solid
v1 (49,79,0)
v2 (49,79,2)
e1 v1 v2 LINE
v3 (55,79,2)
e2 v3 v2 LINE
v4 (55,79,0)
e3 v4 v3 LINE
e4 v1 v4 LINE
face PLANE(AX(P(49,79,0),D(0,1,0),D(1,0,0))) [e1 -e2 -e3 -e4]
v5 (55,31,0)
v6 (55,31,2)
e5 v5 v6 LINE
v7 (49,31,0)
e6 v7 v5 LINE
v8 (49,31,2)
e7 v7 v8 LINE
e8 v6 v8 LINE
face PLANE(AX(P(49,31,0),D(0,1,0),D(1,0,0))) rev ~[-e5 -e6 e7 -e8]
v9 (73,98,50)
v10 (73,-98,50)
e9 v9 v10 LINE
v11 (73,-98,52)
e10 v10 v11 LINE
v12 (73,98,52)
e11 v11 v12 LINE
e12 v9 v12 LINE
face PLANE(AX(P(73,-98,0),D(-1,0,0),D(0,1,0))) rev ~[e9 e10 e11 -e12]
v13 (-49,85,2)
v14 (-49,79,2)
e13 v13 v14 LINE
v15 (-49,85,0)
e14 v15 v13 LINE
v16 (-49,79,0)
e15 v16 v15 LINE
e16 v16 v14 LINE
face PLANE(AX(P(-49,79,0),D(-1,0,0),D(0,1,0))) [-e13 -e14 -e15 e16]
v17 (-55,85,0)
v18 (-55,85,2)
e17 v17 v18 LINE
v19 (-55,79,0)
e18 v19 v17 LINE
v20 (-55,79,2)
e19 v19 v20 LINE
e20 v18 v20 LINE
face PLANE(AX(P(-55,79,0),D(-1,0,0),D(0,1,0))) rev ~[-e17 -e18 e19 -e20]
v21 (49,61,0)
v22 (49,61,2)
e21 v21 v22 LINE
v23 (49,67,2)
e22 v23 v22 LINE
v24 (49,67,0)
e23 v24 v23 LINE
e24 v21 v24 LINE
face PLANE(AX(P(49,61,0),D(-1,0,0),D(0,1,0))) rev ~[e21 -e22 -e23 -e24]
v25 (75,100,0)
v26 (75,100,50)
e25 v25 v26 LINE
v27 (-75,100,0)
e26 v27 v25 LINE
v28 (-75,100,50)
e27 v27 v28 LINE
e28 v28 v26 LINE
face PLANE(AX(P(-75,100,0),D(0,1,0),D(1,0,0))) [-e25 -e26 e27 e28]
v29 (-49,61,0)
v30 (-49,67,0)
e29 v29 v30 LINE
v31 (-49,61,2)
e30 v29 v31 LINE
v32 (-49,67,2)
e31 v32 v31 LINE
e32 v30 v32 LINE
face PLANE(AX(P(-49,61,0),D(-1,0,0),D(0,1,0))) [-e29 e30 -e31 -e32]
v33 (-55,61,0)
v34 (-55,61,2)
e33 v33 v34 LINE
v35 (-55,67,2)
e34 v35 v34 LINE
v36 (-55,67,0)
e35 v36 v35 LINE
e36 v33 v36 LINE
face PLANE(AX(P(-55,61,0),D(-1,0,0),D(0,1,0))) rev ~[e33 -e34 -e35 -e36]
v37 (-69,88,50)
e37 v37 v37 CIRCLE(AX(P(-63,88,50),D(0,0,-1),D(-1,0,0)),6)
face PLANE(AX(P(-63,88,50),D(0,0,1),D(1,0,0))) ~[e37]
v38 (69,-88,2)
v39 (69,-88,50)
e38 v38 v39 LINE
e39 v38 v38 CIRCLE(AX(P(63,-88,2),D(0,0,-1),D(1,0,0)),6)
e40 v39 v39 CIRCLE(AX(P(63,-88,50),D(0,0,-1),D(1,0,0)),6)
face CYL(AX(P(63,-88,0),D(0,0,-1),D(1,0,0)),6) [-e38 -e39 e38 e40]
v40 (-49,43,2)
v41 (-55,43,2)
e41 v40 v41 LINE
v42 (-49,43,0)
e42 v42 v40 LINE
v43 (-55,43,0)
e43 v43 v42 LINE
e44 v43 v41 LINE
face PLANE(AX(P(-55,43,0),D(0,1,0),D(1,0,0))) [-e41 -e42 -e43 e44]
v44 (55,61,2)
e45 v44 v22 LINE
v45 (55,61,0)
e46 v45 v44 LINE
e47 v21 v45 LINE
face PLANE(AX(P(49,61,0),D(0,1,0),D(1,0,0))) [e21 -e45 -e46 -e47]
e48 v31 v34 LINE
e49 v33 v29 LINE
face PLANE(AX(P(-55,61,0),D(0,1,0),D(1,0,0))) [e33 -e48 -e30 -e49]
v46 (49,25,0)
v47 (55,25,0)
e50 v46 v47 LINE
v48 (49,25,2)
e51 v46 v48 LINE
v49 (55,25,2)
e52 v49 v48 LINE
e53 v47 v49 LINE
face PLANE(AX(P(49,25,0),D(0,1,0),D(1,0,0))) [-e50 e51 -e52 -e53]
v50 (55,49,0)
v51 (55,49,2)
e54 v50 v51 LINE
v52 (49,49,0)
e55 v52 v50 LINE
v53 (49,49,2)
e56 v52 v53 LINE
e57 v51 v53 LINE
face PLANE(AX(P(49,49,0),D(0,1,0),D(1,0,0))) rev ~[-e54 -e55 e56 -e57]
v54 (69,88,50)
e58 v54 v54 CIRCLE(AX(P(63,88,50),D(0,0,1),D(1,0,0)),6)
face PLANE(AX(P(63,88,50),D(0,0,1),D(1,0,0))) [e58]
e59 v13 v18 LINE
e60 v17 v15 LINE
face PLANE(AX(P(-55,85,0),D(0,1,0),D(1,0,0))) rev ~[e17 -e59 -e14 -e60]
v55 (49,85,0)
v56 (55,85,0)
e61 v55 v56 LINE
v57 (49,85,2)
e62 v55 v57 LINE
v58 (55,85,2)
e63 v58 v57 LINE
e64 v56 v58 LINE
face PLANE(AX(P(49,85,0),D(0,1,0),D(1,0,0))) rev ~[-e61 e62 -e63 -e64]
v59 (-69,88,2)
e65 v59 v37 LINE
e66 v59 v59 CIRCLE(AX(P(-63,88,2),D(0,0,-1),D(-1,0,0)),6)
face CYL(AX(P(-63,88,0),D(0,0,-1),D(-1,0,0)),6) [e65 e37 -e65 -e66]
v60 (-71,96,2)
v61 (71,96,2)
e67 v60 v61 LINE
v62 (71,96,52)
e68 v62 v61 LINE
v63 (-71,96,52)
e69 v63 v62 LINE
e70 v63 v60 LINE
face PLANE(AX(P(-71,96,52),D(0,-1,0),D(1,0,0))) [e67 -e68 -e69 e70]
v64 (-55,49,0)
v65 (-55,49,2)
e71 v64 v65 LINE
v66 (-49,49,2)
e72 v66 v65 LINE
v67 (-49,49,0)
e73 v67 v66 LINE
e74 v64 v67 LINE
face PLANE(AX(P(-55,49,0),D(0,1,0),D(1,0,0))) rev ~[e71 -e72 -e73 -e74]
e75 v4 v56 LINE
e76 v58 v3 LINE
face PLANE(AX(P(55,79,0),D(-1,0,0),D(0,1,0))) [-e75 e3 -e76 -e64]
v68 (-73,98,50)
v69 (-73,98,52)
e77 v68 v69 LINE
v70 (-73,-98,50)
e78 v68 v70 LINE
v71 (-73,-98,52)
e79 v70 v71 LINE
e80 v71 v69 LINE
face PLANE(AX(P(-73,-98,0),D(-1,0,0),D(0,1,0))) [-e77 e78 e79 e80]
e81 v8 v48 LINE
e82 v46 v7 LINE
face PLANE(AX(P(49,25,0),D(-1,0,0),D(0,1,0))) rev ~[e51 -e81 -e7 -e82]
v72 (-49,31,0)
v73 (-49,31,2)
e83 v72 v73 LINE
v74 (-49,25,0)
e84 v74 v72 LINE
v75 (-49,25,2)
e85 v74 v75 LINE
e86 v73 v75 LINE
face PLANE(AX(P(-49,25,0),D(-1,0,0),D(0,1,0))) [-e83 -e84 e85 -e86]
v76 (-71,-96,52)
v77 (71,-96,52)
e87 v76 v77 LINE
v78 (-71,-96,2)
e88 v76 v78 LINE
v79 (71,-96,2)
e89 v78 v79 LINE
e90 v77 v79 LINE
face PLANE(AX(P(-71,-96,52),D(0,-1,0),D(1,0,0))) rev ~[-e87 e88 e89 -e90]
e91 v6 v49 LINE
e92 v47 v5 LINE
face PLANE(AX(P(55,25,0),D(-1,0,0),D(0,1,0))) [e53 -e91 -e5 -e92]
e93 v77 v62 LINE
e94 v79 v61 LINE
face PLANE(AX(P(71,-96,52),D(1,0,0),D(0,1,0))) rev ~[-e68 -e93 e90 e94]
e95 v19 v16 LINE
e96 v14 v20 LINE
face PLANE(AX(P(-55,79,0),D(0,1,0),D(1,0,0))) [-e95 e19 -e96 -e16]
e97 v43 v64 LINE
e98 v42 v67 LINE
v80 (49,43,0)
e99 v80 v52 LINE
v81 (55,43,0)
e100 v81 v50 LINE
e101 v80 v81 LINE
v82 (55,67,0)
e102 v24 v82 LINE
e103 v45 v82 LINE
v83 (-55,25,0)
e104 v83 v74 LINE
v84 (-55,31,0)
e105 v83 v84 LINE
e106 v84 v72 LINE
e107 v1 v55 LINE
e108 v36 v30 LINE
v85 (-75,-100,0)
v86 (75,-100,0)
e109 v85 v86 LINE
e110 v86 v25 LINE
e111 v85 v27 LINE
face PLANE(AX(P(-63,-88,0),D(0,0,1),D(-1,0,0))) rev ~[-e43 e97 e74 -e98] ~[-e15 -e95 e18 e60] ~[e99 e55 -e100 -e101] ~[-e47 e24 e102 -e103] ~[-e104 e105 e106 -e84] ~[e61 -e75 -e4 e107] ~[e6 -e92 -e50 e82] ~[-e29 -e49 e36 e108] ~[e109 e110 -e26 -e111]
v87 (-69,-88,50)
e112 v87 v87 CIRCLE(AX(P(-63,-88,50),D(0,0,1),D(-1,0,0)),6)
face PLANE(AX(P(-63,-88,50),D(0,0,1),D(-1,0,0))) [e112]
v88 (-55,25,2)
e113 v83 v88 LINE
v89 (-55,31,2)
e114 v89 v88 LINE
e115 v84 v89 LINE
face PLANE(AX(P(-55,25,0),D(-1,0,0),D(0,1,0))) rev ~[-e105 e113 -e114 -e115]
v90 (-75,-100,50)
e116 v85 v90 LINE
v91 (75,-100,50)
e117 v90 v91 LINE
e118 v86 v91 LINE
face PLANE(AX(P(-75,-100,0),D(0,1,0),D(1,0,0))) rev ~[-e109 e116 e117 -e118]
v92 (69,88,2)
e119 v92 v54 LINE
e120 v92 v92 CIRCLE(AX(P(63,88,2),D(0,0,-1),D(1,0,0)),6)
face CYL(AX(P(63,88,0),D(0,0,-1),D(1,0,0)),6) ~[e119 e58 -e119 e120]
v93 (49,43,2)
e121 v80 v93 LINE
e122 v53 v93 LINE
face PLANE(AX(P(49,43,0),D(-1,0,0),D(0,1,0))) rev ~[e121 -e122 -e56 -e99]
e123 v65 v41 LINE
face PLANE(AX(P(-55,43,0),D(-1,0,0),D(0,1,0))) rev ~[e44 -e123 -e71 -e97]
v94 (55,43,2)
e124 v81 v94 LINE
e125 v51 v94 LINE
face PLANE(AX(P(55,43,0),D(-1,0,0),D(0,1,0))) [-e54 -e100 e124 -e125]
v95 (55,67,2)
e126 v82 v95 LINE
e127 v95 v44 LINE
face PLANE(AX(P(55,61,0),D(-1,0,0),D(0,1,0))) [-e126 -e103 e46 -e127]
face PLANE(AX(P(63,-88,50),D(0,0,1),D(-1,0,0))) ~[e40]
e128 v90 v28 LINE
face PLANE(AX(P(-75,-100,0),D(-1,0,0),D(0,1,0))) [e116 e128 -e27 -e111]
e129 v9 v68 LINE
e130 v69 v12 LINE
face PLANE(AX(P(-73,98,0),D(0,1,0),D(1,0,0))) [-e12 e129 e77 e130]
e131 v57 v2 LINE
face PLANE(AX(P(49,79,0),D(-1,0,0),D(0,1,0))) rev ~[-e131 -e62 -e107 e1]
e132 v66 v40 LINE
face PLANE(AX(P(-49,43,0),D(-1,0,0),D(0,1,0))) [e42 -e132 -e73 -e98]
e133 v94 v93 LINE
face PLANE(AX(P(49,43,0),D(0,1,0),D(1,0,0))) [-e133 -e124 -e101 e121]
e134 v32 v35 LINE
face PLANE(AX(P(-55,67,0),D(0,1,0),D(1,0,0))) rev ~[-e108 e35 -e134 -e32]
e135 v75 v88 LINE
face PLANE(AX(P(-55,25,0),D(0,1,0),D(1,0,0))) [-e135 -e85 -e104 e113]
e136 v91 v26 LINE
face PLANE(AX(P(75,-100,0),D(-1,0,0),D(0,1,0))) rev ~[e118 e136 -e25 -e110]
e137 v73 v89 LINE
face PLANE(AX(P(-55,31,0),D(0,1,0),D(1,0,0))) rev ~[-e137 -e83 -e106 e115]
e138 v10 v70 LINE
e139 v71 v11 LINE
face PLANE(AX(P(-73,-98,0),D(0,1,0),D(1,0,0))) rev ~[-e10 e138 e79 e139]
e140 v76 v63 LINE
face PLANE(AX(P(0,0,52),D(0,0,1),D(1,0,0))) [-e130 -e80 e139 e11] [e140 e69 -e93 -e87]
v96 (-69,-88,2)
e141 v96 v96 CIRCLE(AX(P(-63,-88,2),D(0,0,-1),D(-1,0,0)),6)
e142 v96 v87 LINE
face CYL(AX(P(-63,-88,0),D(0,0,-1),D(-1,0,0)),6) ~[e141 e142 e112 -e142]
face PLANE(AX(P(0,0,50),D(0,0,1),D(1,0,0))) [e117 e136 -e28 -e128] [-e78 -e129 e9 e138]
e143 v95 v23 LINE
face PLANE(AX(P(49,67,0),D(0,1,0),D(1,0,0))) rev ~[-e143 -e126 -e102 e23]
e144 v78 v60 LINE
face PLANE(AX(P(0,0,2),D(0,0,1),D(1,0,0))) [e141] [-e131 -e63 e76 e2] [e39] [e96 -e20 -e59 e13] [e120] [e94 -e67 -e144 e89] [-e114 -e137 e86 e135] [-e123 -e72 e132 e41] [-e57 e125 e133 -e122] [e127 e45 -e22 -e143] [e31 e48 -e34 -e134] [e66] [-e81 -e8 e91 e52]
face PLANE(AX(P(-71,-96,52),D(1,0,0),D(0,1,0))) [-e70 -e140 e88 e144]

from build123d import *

# Parameters (mm, degrees)
SKETCH_W           = 150
SKETCH_H           = 200
PAD_DEPTH          = 50
SKETCH001_W        = 146
SKETCH001_H        = 196
PAD001_DEPTH       = 52
SKETCH002_W        = 142
SKETCH002_H        = 192
POCKET_DEPTH       = 50
SKETCH003_W        = 6
SKETCH003_H        = 6
POCKET001_DEPTH    = 5
SKETCH004_R        = 6
PAD002_DEPTH       = 50
POLARPATTERN_COUNT = 2


with BuildPart() as part:
    # Sketch → Pad (new body)
    with BuildSketch(Plane.XY):
        Rectangle(SKETCH_W, SKETCH_H)
    extrude(amount=PAD_DEPTH)

    # Sketch001 → Pad001 (join)
    with BuildSketch(Plane.XY):
        Rectangle(SKETCH001_W, SKETCH001_H)
    extrude(amount=PAD001_DEPTH)

    # Sketch002 → Pocket (cut)
    with BuildSketch(Plane.XY.offset(52)):
        Rectangle(SKETCH002_W, SKETCH002_H)
    extrude(amount=-POCKET_DEPTH, mode=Mode.SUBTRACT)

    # Sketch003 → Pocket001 (cut)
    with BuildSketch(Plane.XY):
        with Locations((52, 82)):
            Rectangle(SKETCH003_W, SKETCH003_H)
        with Locations((52, 64)):
            Rectangle(SKETCH003_W, SKETCH003_H)
        with Locations((52, 46)):
            Rectangle(SKETCH003_W, SKETCH003_H)
        with Locations((52, 28)):
            Rectangle(SKETCH003_W, SKETCH003_H)
        with Locations((-52, 82)):
            Rectangle(SKETCH003_W, SKETCH003_H)
        with Locations((-52, 64)):
            Rectangle(SKETCH003_W, SKETCH003_H)
        with Locations((-52, 46)):
            Rectangle(SKETCH003_W, SKETCH003_H)
        with Locations((-52, 28)):
            Rectangle(SKETCH003_W, SKETCH003_H)
    extrude(amount=POCKET001_DEPTH, mode=Mode.SUBTRACT)

    # Sketch004 → Pad002 (join)
    with BuildSketch(Plane.XY):
        with Locations((63, 88)):
            Circle(SKETCH004_R)
    pad002 = extrude(amount=PAD002_DEPTH)

    # Mirrored: Pad002 across Sketch004 V_Axis
    add(pad002.mirror(Plane(origin=(0, 0, 0), x_dir=(0, 0, 1), z_dir=(1, 0, 0))))

    # Mirrored001: Pad002 across Sketch004 H_Axis
    add(pad002.mirror(Plane.ZX))

    # PolarPattern: Pad002 ×2 about axis
    polarpattern_axis = Axis((0, 0, 0), (0, 0, 1))
    for i in range(1, POLARPATTERN_COUNT):
        add(pad002.rotate(polarpattern_axis, i * 360 / POLARPATTERN_COUNT))


solid = part.part
